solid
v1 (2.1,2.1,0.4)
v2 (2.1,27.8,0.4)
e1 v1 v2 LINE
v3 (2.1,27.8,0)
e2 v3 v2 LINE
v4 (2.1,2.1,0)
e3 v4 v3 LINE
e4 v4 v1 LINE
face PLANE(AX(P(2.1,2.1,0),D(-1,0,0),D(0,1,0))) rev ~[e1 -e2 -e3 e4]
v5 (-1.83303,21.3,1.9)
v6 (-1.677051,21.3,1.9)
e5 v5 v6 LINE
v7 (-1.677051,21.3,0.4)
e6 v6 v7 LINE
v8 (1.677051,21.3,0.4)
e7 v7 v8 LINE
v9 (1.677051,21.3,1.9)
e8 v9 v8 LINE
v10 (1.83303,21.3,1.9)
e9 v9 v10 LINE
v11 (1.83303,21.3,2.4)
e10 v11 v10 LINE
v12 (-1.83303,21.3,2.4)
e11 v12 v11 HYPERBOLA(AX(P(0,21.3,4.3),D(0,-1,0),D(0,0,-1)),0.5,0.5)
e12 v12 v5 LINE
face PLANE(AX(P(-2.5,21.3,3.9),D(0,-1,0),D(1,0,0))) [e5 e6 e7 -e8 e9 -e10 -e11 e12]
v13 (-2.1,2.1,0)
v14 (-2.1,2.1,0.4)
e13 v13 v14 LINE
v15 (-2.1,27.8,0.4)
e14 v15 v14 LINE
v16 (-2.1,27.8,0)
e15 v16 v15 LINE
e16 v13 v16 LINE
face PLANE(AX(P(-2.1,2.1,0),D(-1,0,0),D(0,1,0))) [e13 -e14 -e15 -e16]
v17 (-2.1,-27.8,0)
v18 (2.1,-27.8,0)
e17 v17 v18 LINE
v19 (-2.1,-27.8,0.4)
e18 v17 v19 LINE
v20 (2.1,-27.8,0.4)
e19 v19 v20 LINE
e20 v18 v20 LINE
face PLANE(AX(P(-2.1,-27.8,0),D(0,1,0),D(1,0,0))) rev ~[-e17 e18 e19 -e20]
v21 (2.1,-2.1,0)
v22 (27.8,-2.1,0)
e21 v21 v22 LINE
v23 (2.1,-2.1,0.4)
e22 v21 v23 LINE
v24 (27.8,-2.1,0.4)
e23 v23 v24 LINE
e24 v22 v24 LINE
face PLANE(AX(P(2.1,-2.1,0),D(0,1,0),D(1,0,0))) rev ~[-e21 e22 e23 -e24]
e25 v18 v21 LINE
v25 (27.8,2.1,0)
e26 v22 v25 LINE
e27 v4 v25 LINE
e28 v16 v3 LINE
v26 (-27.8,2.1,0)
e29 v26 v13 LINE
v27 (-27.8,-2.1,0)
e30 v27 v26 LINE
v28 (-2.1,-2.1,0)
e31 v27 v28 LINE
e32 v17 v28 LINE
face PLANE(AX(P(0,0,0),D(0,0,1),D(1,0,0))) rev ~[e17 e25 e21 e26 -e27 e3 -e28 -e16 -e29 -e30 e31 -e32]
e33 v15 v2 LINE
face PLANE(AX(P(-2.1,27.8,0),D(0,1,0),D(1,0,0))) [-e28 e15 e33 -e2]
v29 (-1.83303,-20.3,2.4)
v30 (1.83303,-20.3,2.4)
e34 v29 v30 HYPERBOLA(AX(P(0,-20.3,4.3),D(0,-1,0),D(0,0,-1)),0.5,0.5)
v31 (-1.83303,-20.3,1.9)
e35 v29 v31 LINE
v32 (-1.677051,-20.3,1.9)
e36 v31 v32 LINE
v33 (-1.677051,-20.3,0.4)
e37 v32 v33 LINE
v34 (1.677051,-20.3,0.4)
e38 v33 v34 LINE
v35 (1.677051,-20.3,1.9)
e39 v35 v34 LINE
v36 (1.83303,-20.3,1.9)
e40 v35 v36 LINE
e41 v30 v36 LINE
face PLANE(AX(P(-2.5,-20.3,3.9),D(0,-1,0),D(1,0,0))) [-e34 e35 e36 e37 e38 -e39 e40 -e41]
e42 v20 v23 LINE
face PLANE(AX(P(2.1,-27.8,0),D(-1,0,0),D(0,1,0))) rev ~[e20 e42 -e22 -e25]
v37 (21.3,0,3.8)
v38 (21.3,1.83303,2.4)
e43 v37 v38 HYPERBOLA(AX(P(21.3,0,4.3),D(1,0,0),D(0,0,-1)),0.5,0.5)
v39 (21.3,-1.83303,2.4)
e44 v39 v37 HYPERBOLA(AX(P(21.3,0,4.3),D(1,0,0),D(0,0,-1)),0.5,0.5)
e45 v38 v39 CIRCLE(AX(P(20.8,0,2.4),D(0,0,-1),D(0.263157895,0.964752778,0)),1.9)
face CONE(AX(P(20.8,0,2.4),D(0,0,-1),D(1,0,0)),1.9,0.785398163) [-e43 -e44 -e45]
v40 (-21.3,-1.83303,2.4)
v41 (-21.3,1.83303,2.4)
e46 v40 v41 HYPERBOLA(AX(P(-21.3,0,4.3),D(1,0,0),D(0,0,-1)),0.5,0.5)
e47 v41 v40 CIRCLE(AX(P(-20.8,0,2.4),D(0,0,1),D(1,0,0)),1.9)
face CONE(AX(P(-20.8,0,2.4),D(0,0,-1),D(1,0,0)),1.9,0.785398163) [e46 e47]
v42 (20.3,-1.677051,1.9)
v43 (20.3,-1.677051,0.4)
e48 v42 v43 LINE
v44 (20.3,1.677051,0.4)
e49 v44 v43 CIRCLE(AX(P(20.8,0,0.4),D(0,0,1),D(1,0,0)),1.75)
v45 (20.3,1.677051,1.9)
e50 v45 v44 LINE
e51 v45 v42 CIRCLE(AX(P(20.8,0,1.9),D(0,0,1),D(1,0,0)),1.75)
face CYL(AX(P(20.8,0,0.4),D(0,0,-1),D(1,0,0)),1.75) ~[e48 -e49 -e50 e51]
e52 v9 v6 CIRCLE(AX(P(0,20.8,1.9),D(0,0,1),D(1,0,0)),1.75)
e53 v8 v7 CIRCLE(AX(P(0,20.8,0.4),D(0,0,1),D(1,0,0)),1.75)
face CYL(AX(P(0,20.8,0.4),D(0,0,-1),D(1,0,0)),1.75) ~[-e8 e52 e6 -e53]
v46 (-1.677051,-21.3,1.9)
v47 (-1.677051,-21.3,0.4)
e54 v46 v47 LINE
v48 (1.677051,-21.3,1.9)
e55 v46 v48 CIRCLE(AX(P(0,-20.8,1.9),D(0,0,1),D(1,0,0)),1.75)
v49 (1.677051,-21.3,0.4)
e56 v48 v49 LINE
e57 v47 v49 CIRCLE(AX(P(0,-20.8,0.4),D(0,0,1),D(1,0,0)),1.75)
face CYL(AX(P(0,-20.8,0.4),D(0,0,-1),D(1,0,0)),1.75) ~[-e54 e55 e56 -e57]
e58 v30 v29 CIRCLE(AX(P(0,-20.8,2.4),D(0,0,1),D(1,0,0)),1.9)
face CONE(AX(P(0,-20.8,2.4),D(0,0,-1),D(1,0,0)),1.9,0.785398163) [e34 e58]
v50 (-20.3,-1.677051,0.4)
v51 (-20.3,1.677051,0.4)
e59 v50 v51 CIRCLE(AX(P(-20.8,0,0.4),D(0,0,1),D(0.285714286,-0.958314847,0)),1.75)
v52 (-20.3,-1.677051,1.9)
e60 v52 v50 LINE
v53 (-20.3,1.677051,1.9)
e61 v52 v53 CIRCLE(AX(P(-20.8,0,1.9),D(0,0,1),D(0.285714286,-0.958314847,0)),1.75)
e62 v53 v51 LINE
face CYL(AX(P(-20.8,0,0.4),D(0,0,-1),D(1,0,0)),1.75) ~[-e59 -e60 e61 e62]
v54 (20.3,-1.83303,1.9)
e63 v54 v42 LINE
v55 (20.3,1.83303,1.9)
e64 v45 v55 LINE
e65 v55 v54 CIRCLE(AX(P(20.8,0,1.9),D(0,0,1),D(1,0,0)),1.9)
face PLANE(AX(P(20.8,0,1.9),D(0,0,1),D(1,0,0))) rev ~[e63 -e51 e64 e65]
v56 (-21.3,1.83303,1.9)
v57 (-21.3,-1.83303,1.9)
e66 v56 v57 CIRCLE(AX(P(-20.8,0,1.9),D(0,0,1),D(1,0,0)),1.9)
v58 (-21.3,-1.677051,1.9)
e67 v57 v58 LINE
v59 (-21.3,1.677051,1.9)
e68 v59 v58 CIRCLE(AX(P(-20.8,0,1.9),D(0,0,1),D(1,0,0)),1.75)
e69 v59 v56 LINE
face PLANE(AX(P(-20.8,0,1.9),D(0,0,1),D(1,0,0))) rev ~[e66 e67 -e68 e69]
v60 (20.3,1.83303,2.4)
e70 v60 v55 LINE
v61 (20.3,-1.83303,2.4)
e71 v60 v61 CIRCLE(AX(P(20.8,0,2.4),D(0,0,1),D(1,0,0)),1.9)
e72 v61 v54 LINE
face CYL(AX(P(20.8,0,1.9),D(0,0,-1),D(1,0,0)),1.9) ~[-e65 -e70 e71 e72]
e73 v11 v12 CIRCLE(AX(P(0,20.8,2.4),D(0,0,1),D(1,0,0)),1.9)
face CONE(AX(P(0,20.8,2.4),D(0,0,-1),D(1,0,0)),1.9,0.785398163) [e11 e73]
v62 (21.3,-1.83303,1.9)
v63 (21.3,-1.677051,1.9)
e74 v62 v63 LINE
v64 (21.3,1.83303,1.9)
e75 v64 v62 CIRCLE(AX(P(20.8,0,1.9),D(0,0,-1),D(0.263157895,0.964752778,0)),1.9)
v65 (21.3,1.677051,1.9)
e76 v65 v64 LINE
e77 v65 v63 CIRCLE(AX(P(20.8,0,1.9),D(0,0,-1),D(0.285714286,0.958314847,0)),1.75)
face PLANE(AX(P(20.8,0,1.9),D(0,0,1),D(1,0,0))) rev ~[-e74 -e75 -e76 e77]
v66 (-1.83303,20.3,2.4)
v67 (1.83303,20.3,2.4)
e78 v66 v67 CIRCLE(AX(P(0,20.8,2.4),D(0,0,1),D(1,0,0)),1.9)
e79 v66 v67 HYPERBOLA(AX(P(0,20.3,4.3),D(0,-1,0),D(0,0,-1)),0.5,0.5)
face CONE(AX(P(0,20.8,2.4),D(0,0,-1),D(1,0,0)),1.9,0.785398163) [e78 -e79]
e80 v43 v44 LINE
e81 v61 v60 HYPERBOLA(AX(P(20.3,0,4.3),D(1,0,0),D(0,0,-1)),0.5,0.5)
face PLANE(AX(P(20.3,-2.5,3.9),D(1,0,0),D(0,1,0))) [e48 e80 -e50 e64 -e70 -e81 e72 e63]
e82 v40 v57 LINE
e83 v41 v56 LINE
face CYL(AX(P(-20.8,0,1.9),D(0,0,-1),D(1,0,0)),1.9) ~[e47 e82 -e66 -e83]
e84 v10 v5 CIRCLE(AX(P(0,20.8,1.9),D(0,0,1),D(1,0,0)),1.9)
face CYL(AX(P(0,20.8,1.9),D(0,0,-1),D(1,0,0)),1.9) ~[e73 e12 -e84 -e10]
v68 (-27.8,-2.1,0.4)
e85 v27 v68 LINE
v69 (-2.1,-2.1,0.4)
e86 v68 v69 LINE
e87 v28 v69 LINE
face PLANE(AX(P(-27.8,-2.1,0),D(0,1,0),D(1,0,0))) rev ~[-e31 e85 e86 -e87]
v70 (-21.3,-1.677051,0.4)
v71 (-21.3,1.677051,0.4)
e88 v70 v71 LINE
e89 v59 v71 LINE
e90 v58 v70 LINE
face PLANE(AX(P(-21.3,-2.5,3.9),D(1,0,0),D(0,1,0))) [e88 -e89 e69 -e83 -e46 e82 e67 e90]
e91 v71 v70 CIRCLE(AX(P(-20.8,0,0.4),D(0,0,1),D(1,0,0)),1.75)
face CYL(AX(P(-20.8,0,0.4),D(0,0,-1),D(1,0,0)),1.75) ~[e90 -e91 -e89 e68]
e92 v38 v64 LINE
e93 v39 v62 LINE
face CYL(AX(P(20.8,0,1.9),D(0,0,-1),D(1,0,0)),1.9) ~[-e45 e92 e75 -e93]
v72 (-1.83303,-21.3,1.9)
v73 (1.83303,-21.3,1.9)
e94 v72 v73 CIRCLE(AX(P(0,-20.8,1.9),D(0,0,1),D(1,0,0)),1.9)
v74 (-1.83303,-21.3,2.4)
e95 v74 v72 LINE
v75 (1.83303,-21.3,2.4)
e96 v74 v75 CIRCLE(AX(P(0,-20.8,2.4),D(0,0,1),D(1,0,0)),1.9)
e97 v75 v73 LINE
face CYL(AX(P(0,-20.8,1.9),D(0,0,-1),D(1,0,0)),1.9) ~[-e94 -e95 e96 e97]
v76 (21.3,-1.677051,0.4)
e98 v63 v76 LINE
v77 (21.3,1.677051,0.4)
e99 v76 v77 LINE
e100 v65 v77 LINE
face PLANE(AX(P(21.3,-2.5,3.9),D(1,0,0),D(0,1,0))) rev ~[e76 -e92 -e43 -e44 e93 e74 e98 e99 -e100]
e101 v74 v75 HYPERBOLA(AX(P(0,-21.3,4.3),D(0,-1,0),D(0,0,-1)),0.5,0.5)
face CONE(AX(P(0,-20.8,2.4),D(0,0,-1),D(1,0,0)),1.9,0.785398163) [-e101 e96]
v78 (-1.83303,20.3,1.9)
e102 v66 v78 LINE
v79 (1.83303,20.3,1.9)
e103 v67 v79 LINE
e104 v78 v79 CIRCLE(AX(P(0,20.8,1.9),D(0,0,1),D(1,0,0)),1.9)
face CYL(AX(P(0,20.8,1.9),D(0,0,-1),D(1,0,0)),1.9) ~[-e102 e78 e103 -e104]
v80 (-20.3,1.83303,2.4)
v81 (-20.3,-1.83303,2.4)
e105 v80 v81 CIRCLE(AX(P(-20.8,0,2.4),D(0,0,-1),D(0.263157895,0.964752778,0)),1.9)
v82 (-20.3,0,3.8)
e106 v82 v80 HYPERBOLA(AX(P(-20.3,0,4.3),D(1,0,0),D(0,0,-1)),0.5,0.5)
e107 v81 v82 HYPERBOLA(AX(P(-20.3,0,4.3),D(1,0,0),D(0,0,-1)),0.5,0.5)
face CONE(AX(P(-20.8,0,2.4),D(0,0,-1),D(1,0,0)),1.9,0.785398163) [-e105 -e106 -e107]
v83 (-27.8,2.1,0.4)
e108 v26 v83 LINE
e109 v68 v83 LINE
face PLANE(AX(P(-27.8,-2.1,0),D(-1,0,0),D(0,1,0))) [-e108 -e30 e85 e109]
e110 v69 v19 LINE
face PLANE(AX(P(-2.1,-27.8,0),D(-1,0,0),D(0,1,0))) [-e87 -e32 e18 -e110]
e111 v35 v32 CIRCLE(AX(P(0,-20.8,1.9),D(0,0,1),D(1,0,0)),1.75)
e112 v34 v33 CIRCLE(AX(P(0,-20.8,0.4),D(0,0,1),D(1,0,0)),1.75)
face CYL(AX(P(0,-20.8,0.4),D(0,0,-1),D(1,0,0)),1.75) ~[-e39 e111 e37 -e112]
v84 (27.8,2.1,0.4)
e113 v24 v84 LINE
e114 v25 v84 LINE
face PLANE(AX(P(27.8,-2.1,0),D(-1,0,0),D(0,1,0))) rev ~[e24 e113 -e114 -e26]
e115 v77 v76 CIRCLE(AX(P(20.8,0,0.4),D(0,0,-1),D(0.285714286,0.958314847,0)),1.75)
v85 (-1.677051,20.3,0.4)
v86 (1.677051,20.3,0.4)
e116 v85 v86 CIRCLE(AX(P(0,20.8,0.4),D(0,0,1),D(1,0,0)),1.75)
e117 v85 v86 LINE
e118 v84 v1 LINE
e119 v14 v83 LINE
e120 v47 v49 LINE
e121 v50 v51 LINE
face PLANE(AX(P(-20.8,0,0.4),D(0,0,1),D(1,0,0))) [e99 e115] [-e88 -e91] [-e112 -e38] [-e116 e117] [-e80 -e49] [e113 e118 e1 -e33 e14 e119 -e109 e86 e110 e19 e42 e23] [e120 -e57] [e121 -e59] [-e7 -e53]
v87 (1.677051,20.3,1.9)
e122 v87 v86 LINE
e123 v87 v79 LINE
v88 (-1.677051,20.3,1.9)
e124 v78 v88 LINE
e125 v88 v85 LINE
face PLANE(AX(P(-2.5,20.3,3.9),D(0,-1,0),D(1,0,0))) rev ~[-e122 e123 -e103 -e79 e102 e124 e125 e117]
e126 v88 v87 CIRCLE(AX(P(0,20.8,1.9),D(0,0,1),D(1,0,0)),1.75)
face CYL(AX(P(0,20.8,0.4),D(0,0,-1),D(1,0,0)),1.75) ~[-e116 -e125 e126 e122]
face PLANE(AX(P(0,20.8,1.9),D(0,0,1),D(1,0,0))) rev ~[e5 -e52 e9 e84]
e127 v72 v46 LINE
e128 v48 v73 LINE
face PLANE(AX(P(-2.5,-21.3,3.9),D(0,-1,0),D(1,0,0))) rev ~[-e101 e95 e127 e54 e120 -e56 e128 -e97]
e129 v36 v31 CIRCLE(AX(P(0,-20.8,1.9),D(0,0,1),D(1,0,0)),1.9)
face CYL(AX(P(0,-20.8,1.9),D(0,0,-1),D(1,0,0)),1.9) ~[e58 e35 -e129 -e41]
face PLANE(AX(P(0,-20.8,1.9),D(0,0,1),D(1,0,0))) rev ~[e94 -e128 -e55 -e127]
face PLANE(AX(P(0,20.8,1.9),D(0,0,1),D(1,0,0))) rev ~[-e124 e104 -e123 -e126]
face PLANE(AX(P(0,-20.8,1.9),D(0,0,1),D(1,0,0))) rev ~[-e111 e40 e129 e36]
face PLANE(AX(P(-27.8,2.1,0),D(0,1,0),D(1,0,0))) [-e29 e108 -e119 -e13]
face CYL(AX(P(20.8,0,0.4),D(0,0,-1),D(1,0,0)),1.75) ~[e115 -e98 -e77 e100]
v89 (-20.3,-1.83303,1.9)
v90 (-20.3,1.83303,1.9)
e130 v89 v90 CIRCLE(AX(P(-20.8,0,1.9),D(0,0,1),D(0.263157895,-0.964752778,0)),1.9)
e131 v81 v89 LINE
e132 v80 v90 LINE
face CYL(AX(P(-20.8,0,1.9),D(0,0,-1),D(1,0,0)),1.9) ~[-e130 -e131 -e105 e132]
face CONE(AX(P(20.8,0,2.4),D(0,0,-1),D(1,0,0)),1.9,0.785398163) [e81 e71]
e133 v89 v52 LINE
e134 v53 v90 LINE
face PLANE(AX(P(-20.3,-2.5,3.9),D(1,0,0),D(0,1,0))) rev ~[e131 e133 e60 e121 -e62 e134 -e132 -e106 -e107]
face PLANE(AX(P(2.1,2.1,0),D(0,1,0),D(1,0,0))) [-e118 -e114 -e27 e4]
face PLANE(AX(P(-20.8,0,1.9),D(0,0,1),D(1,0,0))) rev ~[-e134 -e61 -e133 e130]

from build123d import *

# Parameters (mm, degrees)
SKICA2_W                 = 4.2
SKICA2_H                 = 55.6
SKICA2_W_2               = 55.6
SKICA2_H_2               = 4.2
P_IDAT_VYSUNUT_M2_DEPTH  = 0.4
SKICA3_R                 = 1.75
P_IDAT_VYSUNUT_M3_DEPTH  = 1.5
SKICA5_R                 = 1.9
P_IDAT_VYSUNUT_M5_DEPTH  = 2
ZKOSEN_2_SIZE            = 1.5
SKICA7_W                 = 1
SKICA7_H                 = 5
SKICA7_W_2               = 5
SKICA7_H_2               = 1
ODEBRAT_VYSUNUT_M1_DEPTH = 3.5


with BuildPart() as part:
    # Skica2 → Přidat vysunutím2 (new body)
    with BuildSketch(Plane.XY):
        Rectangle(SKICA2_W, SKICA2_H)
        Rectangle(SKICA2_W_2, SKICA2_H_2)
    extrude(amount=P_IDAT_VYSUNUT_M2_DEPTH)

    # Skica3 → Přidat vysunutím3 (add)
    with BuildSketch(Plane.XY.offset(0.4)):
        with Locations((-20.8, 0)):
            Circle(SKICA3_R)
        with Locations((0, 20.8)):
            Circle(SKICA3_R)
        with Locations((20.8, 0)):
            Circle(SKICA3_R)
        with Locations((0, -20.8)):
            Circle(SKICA3_R)
    extrude(amount=P_IDAT_VYSUNUT_M3_DEPTH)

    # Skica5 → Přidat vysunutím5 (add)
    with BuildSketch(Plane.XY.offset(1.9)):
        with Locations((-20.8, 0)):
            Circle(SKICA5_R)
        with Locations((20.8, 0)):
            Circle(SKICA5_R)
        with Locations((0, 20.8)):
            Circle(SKICA5_R)
        with Locations((0, -20.8)):
            Circle(SKICA5_R)
    extrude(amount=P_IDAT_VYSUNUT_M5_DEPTH)

    # Zkosení2
    zkosen_2_edges = [part.edges().sort_by_distance(p)[0] for p in [
        (-1.9, 20.8, 3.9),
        (-22.7, 0, 3.9),
        (18.9, 0, 3.9),
        (-1.9, -20.8, 3.9),
    ]]
    chamfer(zkosen_2_edges, length=ZKOSEN_2_SIZE)

    # Skica7 → Odebrat vysunutím1 (cut)
    with BuildSketch(Plane.XY.offset(3.9)):
        with Locations((-20.8, 0)):
            Rectangle(SKICA7_W, SKICA7_H)
        with Locations((20.8, 0)):
            Rectangle(SKICA7_W, SKICA7_H)
        with Locations((0, -20.8)):
            Rectangle(SKICA7_W_2, SKICA7_H_2)
        with Locations((0, 20.8)):
            Rectangle(SKICA7_W_2, SKICA7_H_2)
    extrude(amount=-ODEBRAT_VYSUNUT_M1_DEPTH, mode=Mode.SUBTRACT)


solid = part.part
